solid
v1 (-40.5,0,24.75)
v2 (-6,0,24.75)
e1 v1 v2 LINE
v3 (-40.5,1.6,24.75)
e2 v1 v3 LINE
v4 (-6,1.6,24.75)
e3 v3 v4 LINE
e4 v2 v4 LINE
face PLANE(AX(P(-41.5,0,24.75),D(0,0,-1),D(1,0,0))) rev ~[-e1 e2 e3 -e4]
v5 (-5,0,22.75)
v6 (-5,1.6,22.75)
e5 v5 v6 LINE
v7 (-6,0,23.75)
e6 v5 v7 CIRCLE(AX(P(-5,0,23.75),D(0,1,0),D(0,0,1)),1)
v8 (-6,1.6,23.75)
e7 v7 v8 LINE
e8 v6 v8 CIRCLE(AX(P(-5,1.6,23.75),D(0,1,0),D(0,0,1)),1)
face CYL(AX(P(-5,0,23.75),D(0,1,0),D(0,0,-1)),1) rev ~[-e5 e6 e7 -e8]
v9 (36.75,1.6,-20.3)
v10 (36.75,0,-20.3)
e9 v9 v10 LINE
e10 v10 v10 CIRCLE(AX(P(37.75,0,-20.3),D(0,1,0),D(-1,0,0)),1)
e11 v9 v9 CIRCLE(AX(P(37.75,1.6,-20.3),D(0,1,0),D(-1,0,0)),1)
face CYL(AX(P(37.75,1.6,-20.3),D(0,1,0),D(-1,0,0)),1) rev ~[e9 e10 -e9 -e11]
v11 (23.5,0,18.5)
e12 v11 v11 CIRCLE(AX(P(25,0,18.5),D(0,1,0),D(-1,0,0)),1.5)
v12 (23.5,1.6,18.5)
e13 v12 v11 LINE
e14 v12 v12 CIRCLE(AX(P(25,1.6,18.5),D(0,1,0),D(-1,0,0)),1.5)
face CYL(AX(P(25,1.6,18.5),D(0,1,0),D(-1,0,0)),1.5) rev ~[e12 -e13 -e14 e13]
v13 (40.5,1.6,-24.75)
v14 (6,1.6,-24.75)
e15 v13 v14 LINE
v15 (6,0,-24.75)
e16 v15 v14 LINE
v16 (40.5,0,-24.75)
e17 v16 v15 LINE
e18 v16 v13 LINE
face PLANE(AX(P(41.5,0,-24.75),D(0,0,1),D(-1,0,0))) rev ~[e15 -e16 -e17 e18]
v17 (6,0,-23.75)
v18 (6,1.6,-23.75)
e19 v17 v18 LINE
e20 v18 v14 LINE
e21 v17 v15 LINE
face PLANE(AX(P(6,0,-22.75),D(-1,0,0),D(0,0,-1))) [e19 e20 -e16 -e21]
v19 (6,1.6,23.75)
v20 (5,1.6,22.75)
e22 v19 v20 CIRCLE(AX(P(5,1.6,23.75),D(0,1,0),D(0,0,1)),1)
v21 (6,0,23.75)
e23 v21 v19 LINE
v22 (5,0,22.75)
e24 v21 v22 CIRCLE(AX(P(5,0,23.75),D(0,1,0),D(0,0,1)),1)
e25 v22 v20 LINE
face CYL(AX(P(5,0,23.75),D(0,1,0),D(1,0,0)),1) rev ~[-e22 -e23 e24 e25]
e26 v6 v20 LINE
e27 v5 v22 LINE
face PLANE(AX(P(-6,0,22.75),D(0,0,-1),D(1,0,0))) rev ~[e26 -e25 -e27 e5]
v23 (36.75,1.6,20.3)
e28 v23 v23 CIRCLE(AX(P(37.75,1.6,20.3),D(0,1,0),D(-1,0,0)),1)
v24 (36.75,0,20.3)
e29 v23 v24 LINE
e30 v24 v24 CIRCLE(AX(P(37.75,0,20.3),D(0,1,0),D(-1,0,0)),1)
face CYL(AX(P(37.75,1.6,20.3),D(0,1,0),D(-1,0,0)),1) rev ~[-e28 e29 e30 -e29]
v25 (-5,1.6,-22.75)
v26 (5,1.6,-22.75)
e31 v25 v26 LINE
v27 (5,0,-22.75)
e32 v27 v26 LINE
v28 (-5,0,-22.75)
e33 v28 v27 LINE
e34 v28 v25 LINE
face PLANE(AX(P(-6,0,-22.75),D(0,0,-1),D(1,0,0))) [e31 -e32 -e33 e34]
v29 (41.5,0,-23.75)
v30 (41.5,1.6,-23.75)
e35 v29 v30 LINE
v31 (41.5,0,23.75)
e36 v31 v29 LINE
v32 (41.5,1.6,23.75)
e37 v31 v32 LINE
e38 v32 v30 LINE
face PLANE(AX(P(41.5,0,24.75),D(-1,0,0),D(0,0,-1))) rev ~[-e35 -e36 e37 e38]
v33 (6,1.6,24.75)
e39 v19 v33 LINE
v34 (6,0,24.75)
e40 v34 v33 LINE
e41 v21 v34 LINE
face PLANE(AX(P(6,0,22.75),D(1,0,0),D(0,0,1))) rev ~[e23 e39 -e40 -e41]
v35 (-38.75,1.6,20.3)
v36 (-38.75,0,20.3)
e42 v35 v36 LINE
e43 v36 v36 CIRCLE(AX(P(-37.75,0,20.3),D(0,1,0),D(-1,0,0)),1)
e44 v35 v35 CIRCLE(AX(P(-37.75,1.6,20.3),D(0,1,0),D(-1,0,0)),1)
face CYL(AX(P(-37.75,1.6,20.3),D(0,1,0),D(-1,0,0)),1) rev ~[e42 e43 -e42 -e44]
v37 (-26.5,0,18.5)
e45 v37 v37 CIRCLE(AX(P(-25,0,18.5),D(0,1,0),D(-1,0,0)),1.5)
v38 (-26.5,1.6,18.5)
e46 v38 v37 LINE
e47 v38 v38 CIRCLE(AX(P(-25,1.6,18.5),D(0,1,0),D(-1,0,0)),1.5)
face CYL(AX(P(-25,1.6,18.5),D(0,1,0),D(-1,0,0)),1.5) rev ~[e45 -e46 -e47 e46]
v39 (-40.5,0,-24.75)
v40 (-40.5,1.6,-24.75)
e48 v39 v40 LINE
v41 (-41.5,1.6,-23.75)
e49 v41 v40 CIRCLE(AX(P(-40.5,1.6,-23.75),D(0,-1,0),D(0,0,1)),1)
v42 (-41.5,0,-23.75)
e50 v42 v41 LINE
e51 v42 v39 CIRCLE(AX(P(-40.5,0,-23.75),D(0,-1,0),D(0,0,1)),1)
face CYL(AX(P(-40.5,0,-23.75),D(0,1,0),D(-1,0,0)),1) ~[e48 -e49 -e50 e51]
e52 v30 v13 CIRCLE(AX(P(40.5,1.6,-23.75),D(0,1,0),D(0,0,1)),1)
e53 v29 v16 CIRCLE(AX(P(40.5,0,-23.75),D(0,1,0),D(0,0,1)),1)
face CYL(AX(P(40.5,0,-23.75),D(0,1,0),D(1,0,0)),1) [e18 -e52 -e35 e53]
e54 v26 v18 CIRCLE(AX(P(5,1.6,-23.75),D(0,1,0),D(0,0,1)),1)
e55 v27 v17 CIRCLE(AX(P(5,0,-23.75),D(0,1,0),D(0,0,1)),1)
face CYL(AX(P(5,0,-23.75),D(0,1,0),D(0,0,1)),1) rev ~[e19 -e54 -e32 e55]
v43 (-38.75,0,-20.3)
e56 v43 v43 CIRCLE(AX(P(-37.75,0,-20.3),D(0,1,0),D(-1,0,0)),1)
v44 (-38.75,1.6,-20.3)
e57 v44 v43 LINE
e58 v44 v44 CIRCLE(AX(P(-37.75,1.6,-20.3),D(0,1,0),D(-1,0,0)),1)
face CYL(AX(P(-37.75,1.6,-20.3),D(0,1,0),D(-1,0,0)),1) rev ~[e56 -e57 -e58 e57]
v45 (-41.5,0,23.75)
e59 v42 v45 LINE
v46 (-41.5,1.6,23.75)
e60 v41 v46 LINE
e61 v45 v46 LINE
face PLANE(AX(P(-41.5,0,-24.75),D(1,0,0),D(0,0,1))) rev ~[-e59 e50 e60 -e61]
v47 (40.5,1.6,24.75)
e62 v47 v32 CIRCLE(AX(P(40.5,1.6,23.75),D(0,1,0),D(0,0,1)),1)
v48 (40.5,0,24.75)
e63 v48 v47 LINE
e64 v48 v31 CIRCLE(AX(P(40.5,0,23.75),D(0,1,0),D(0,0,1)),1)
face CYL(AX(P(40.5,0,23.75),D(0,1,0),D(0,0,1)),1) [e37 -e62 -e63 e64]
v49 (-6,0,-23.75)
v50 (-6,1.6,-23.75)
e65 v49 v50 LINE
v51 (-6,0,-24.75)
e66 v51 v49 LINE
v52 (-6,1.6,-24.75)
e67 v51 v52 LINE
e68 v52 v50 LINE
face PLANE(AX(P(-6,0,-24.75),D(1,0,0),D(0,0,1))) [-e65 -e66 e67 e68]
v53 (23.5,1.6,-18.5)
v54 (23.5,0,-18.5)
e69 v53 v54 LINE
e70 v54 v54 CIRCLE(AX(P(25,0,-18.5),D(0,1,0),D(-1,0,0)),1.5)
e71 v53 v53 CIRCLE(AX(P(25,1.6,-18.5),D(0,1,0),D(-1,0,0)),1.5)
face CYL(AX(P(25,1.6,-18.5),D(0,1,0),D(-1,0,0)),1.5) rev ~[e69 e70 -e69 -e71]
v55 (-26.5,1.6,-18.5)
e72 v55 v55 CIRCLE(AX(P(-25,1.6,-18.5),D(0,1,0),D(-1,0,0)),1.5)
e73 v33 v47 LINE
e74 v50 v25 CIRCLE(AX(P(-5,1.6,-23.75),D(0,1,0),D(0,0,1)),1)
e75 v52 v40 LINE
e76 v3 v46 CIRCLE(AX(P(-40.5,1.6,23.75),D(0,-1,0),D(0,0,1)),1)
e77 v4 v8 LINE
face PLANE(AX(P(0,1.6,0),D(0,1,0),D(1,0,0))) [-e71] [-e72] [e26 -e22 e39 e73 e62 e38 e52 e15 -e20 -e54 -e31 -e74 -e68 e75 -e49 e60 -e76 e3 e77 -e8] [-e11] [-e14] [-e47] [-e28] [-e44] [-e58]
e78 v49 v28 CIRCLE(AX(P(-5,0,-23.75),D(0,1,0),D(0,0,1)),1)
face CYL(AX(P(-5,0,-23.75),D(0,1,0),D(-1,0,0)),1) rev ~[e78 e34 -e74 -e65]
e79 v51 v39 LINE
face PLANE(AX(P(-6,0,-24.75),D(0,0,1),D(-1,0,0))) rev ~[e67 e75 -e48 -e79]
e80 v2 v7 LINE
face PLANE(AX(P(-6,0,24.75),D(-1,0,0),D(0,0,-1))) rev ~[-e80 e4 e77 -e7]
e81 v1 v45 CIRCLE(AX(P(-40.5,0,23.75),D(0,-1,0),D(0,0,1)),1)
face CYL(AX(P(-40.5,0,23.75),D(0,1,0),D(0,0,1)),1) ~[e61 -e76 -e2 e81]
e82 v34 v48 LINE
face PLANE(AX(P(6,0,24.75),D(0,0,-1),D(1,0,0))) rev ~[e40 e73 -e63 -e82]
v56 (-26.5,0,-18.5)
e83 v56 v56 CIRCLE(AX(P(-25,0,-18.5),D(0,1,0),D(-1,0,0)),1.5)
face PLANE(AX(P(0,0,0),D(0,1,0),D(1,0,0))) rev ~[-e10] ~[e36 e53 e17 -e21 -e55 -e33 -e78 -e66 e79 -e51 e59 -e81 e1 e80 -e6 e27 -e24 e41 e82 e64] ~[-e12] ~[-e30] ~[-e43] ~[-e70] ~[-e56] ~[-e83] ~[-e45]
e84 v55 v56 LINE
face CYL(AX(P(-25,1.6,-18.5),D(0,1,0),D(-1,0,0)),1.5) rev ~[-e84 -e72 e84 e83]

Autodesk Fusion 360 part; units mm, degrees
sketch "Sketch1" plane through (0, 0, 0) normal (0, 1, 0) x (1, 0, 0)
  line L0 (41.5, 24.75) -> (-41.5, 24.75)
  line L1 (-41.5, 24.75) -> (-41.5, -24.75)
  line L2 (-41.5, -24.75) -> (41.5, -24.75)
  line L3 (41.5, -24.75) -> (41.5, 24.75)
  line L4 (41.5, 24.75) -> (-41.5, -24.75) construction
  line L5 (-41.5, 24.75) -> (41.5, -24.75) construction
  line L6 (6, 26.75) -> (-6, 26.75)
  line L7 (-6, 26.75) -> (-6, 22.75)
  line L8 (-6, 22.75) -> (6, 22.75)
  line L9 (6, 22.75) -> (6, 26.75)
  line L10 (6, 26.75) -> (-6, 22.75) construction
  line L11 (-6, 26.75) -> (6, 22.75) construction
  line L12 (6, -26.75) -> (-6, -26.75)
  line L13 (-6, -26.75) -> (-6, -22.75)
  line L14 (-6, -22.75) -> (6, -22.75)
  line L15 (6, -22.75) -> (6, -26.75)
  point P0 (0, 24.75)
  dimension "d1" = 83
  dimension "d2" = 49.5
  dimension "d3" = 12
  dimension "d4" = 4
extrude "Extrude1" add sketch "Sketch1" along normal blind 1.6 contours L0 L1 L2 L3 L7 L8 L9 L13 L14 L15
fillet "Fillet1" radius 1 4 edges at (6, 0.8, 22.75) (-6, 0.8, 22.75) (6, 0.8, -22.75) (-6, 0.8, -22.75)
fillet "Fillet2" radius 1 4 edges at (-41.5, 0.8, -24.75) (-41.5, 0.8, 24.75) (41.5, 0.8, 24.75) (41.5, 0.8, -24.75)
sketch "Sketch2" plane through (0, 1.6, 0) normal (0, 1, 0) x (-1, 0, 0)
  arc A0 (-41.5, -23.75) -> (-40.5, -24.75) centre (-40.5, -23.75) ccw
  line L0 (-40.5, -24.75) -> (-6, -24.75)
  line L1 (-6, -24.75) -> (-6, -23.75)
  arc A1 (-5, -22.75) -> (-6, -23.75) centre (-5, -23.75) ccw
  line L2 (-5, -22.75) -> (5, -22.75)
  arc A2 (6, -23.75) -> (5, -22.75) centre (5, -23.75) ccw
  line L3 (6, -23.75) -> (6, -24.75)
  line L4 (6, -24.75) -> (40.5, -24.75)
  arc A3 (40.5, -24.75) -> (41.5, -23.75) centre (40.5, -23.75) ccw
  line L5 (41.5, -23.75) -> (41.5, 23.75)
  arc A4 (41.5, 23.75) -> (40.5, 24.75) centre (40.5, 23.75) ccw
  line L6 (40.5, 24.75) -> (6, 24.75)
  line L7 (6, 24.75) -> (6, 23.75)
  arc A5 (5, 22.75) -> (6, 23.75) centre (5, 23.75) ccw
  line L8 (5, 22.75) -> (-5, 22.75)
  arc A6 (-6, 23.75) -> (-5, 22.75) centre (-5, 23.75) ccw
  line L9 (-6, 23.75) -> (-6, 24.75)
  line L10 (-6, 24.75) -> (-40.5, 24.75)
  arc A7 (-40.5, 24.75) -> (-41.5, 23.75) centre (-40.5, 23.75) ccw
  line L11 (-41.5, 23.75) -> (-41.5, -23.75)
  circle A8 centre (25, 18.5) radius 1.5
  circle A9 centre (25, -18.5) radius 1.5
  circle A10 centre (-25, -18.5) radius 1.5
  circle A11 centre (-25, 18.5) radius 1.5
  dimension "d11" = 50
  dimension "d12" = 37
  dimension "d13" = 3
  dimension "d14" = 3
  dimension "d15" = 3
  dimension "d16" = 3
extrude "Extrude2" cut sketch "Sketch2" against normal blind 6 contours A8 | A9 | A10 | A11
sketch "Sketch3" plane through (0, 1.6, 0) normal (0, 1, 0) x (-1, 0, 0)
  circle A0 centre (25, 18.5) radius 1.5
  circle A1 centre (-25, 18.5) radius 1.5
  circle A2 centre (25, -18.5) radius 1.5
  circle A3 centre (-25, -18.5) radius 1.5
  arc A4 (-41.5, -23.75) -> (-40.5, -24.75) centre (-40.5, -23.75) ccw
  line L0 (-40.5, -24.75) -> (-6, -24.75)
  line L1 (-6, -24.75) -> (-6, -23.75)
  arc A5 (-5, -22.75) -> (-6, -23.75) centre (-5, -23.75) ccw
  line L2 (-5, -22.75) -> (5, -22.75)
  arc A6 (6, -23.75) -> (5, -22.75) centre (5, -23.75) ccw
  line L3 (6, -23.75) -> (6, -24.75)
  line L4 (6, -24.75) -> (40.5, -24.75)
  arc A7 (40.5, -24.75) -> (41.5, -23.75) centre (40.5, -23.75) ccw
  line L5 (41.5, -23.75) -> (41.5, 23.75)
  arc A8 (41.5, 23.75) -> (40.5, 24.75) centre (40.5, 23.75) ccw
  line L6 (40.5, 24.75) -> (6, 24.75)
  line L7 (6, 24.75) -> (6, 23.75)
  arc A9 (5, 22.75) -> (6, 23.75) centre (5, 23.75) ccw
  line L8 (5, 22.75) -> (-5, 22.75)
  arc A10 (-6, 23.75) -> (-5, 22.75) centre (-5, 23.75) ccw
  line L9 (-6, 23.75) -> (-6, 24.75)
  line L10 (-6, 24.75) -> (-40.5, 24.75)
  arc A11 (-40.5, 24.75) -> (-41.5, 23.75) centre (-40.5, 23.75) ccw
  line L11 (-41.5, 23.75) -> (-41.5, -23.75)
  circle A12 centre (37.75, 20.3) radius 1
  circle A13 centre (37.75, -20.3) radius 1
  circle A14 centre (-37.75, 20.3) radius 1
  circle A15 centre (-37.75, -20.3) radius 1
  dimension "d19" = 75.5
  dimension "d20" = 40.6
  dimension "d21" = 2
  dimension "d22" = 2
  dimension "d23" = 2
  dimension "d24" = 2
extrude "Extrude3" cut sketch "Sketch3" against normal blind 2 contours A12 | A13 | A14 | A15
sketch "Sketch4" plane through (0, 1.6, 0) normal (0, 1, 0) x (-1, 0, 0)
  circle A0 centre (37.75, 20.3) radius 1
  circle A1 centre (37.75, -20.3) radius 1
  circle A2 centre (-37.75, 20.3) radius 1
  circle A3 centre (-37.75, -20.3) radius 1
  circle A4 centre (25, 18.5) radius 1.5
  circle A5 centre (-25, 18.5) radius 1.5
  circle A6 centre (25, -18.5) radius 1.5
  circle A7 centre (-25, -18.5) radius 1.5
  arc A8 (-41.5, -23.75) -> (-40.5, -24.75) centre (-40.5, -23.75) ccw
  line L0 (-40.5, -24.75) -> (-6, -24.75)
  line L1 (-6, -24.75) -> (-6, -23.75)
  arc A9 (-5, -22.75) -> (-6, -23.75) centre (-5, -23.75) ccw
  line L2 (-5, -22.75) -> (5, -22.75)
  arc A10 (6, -23.75) -> (5, -22.75) centre (5, -23.75) ccw
  line L3 (6, -23.75) -> (6, -24.75)
  line L4 (6, -24.75) -> (40.5, -24.75)
  arc A11 (40.5, -24.75) -> (41.5, -23.75) centre (40.5, -23.75) ccw
  line L5 (41.5, -23.75) -> (41.5, 23.75)
  arc A12 (41.5, 23.75) -> (40.5, 24.75) centre (40.5, 23.75) ccw
  line L6 (40.5, 24.75) -> (6, 24.75)
  line L7 (6, 24.75) -> (6, 23.75)
  arc A13 (5, 22.75) -> (6, 23.75) centre (5, 23.75) ccw
  line L8 (5, 22.75) -> (-5, 22.75)
  arc A14 (-6, 23.75) -> (-5, 22.75) centre (-5, 23.75) ccw
  line L9 (-6, 23.75) -> (-6, 24.75)
  line L10 (-6, 24.75) -> (-40.5, 24.75)
  arc A15 (-40.5, 24.75) -> (-41.5, 23.75) centre (-40.5, 23.75) ccw
  line L11 (-41.5, 23.75) -> (-41.5, -23.75)
